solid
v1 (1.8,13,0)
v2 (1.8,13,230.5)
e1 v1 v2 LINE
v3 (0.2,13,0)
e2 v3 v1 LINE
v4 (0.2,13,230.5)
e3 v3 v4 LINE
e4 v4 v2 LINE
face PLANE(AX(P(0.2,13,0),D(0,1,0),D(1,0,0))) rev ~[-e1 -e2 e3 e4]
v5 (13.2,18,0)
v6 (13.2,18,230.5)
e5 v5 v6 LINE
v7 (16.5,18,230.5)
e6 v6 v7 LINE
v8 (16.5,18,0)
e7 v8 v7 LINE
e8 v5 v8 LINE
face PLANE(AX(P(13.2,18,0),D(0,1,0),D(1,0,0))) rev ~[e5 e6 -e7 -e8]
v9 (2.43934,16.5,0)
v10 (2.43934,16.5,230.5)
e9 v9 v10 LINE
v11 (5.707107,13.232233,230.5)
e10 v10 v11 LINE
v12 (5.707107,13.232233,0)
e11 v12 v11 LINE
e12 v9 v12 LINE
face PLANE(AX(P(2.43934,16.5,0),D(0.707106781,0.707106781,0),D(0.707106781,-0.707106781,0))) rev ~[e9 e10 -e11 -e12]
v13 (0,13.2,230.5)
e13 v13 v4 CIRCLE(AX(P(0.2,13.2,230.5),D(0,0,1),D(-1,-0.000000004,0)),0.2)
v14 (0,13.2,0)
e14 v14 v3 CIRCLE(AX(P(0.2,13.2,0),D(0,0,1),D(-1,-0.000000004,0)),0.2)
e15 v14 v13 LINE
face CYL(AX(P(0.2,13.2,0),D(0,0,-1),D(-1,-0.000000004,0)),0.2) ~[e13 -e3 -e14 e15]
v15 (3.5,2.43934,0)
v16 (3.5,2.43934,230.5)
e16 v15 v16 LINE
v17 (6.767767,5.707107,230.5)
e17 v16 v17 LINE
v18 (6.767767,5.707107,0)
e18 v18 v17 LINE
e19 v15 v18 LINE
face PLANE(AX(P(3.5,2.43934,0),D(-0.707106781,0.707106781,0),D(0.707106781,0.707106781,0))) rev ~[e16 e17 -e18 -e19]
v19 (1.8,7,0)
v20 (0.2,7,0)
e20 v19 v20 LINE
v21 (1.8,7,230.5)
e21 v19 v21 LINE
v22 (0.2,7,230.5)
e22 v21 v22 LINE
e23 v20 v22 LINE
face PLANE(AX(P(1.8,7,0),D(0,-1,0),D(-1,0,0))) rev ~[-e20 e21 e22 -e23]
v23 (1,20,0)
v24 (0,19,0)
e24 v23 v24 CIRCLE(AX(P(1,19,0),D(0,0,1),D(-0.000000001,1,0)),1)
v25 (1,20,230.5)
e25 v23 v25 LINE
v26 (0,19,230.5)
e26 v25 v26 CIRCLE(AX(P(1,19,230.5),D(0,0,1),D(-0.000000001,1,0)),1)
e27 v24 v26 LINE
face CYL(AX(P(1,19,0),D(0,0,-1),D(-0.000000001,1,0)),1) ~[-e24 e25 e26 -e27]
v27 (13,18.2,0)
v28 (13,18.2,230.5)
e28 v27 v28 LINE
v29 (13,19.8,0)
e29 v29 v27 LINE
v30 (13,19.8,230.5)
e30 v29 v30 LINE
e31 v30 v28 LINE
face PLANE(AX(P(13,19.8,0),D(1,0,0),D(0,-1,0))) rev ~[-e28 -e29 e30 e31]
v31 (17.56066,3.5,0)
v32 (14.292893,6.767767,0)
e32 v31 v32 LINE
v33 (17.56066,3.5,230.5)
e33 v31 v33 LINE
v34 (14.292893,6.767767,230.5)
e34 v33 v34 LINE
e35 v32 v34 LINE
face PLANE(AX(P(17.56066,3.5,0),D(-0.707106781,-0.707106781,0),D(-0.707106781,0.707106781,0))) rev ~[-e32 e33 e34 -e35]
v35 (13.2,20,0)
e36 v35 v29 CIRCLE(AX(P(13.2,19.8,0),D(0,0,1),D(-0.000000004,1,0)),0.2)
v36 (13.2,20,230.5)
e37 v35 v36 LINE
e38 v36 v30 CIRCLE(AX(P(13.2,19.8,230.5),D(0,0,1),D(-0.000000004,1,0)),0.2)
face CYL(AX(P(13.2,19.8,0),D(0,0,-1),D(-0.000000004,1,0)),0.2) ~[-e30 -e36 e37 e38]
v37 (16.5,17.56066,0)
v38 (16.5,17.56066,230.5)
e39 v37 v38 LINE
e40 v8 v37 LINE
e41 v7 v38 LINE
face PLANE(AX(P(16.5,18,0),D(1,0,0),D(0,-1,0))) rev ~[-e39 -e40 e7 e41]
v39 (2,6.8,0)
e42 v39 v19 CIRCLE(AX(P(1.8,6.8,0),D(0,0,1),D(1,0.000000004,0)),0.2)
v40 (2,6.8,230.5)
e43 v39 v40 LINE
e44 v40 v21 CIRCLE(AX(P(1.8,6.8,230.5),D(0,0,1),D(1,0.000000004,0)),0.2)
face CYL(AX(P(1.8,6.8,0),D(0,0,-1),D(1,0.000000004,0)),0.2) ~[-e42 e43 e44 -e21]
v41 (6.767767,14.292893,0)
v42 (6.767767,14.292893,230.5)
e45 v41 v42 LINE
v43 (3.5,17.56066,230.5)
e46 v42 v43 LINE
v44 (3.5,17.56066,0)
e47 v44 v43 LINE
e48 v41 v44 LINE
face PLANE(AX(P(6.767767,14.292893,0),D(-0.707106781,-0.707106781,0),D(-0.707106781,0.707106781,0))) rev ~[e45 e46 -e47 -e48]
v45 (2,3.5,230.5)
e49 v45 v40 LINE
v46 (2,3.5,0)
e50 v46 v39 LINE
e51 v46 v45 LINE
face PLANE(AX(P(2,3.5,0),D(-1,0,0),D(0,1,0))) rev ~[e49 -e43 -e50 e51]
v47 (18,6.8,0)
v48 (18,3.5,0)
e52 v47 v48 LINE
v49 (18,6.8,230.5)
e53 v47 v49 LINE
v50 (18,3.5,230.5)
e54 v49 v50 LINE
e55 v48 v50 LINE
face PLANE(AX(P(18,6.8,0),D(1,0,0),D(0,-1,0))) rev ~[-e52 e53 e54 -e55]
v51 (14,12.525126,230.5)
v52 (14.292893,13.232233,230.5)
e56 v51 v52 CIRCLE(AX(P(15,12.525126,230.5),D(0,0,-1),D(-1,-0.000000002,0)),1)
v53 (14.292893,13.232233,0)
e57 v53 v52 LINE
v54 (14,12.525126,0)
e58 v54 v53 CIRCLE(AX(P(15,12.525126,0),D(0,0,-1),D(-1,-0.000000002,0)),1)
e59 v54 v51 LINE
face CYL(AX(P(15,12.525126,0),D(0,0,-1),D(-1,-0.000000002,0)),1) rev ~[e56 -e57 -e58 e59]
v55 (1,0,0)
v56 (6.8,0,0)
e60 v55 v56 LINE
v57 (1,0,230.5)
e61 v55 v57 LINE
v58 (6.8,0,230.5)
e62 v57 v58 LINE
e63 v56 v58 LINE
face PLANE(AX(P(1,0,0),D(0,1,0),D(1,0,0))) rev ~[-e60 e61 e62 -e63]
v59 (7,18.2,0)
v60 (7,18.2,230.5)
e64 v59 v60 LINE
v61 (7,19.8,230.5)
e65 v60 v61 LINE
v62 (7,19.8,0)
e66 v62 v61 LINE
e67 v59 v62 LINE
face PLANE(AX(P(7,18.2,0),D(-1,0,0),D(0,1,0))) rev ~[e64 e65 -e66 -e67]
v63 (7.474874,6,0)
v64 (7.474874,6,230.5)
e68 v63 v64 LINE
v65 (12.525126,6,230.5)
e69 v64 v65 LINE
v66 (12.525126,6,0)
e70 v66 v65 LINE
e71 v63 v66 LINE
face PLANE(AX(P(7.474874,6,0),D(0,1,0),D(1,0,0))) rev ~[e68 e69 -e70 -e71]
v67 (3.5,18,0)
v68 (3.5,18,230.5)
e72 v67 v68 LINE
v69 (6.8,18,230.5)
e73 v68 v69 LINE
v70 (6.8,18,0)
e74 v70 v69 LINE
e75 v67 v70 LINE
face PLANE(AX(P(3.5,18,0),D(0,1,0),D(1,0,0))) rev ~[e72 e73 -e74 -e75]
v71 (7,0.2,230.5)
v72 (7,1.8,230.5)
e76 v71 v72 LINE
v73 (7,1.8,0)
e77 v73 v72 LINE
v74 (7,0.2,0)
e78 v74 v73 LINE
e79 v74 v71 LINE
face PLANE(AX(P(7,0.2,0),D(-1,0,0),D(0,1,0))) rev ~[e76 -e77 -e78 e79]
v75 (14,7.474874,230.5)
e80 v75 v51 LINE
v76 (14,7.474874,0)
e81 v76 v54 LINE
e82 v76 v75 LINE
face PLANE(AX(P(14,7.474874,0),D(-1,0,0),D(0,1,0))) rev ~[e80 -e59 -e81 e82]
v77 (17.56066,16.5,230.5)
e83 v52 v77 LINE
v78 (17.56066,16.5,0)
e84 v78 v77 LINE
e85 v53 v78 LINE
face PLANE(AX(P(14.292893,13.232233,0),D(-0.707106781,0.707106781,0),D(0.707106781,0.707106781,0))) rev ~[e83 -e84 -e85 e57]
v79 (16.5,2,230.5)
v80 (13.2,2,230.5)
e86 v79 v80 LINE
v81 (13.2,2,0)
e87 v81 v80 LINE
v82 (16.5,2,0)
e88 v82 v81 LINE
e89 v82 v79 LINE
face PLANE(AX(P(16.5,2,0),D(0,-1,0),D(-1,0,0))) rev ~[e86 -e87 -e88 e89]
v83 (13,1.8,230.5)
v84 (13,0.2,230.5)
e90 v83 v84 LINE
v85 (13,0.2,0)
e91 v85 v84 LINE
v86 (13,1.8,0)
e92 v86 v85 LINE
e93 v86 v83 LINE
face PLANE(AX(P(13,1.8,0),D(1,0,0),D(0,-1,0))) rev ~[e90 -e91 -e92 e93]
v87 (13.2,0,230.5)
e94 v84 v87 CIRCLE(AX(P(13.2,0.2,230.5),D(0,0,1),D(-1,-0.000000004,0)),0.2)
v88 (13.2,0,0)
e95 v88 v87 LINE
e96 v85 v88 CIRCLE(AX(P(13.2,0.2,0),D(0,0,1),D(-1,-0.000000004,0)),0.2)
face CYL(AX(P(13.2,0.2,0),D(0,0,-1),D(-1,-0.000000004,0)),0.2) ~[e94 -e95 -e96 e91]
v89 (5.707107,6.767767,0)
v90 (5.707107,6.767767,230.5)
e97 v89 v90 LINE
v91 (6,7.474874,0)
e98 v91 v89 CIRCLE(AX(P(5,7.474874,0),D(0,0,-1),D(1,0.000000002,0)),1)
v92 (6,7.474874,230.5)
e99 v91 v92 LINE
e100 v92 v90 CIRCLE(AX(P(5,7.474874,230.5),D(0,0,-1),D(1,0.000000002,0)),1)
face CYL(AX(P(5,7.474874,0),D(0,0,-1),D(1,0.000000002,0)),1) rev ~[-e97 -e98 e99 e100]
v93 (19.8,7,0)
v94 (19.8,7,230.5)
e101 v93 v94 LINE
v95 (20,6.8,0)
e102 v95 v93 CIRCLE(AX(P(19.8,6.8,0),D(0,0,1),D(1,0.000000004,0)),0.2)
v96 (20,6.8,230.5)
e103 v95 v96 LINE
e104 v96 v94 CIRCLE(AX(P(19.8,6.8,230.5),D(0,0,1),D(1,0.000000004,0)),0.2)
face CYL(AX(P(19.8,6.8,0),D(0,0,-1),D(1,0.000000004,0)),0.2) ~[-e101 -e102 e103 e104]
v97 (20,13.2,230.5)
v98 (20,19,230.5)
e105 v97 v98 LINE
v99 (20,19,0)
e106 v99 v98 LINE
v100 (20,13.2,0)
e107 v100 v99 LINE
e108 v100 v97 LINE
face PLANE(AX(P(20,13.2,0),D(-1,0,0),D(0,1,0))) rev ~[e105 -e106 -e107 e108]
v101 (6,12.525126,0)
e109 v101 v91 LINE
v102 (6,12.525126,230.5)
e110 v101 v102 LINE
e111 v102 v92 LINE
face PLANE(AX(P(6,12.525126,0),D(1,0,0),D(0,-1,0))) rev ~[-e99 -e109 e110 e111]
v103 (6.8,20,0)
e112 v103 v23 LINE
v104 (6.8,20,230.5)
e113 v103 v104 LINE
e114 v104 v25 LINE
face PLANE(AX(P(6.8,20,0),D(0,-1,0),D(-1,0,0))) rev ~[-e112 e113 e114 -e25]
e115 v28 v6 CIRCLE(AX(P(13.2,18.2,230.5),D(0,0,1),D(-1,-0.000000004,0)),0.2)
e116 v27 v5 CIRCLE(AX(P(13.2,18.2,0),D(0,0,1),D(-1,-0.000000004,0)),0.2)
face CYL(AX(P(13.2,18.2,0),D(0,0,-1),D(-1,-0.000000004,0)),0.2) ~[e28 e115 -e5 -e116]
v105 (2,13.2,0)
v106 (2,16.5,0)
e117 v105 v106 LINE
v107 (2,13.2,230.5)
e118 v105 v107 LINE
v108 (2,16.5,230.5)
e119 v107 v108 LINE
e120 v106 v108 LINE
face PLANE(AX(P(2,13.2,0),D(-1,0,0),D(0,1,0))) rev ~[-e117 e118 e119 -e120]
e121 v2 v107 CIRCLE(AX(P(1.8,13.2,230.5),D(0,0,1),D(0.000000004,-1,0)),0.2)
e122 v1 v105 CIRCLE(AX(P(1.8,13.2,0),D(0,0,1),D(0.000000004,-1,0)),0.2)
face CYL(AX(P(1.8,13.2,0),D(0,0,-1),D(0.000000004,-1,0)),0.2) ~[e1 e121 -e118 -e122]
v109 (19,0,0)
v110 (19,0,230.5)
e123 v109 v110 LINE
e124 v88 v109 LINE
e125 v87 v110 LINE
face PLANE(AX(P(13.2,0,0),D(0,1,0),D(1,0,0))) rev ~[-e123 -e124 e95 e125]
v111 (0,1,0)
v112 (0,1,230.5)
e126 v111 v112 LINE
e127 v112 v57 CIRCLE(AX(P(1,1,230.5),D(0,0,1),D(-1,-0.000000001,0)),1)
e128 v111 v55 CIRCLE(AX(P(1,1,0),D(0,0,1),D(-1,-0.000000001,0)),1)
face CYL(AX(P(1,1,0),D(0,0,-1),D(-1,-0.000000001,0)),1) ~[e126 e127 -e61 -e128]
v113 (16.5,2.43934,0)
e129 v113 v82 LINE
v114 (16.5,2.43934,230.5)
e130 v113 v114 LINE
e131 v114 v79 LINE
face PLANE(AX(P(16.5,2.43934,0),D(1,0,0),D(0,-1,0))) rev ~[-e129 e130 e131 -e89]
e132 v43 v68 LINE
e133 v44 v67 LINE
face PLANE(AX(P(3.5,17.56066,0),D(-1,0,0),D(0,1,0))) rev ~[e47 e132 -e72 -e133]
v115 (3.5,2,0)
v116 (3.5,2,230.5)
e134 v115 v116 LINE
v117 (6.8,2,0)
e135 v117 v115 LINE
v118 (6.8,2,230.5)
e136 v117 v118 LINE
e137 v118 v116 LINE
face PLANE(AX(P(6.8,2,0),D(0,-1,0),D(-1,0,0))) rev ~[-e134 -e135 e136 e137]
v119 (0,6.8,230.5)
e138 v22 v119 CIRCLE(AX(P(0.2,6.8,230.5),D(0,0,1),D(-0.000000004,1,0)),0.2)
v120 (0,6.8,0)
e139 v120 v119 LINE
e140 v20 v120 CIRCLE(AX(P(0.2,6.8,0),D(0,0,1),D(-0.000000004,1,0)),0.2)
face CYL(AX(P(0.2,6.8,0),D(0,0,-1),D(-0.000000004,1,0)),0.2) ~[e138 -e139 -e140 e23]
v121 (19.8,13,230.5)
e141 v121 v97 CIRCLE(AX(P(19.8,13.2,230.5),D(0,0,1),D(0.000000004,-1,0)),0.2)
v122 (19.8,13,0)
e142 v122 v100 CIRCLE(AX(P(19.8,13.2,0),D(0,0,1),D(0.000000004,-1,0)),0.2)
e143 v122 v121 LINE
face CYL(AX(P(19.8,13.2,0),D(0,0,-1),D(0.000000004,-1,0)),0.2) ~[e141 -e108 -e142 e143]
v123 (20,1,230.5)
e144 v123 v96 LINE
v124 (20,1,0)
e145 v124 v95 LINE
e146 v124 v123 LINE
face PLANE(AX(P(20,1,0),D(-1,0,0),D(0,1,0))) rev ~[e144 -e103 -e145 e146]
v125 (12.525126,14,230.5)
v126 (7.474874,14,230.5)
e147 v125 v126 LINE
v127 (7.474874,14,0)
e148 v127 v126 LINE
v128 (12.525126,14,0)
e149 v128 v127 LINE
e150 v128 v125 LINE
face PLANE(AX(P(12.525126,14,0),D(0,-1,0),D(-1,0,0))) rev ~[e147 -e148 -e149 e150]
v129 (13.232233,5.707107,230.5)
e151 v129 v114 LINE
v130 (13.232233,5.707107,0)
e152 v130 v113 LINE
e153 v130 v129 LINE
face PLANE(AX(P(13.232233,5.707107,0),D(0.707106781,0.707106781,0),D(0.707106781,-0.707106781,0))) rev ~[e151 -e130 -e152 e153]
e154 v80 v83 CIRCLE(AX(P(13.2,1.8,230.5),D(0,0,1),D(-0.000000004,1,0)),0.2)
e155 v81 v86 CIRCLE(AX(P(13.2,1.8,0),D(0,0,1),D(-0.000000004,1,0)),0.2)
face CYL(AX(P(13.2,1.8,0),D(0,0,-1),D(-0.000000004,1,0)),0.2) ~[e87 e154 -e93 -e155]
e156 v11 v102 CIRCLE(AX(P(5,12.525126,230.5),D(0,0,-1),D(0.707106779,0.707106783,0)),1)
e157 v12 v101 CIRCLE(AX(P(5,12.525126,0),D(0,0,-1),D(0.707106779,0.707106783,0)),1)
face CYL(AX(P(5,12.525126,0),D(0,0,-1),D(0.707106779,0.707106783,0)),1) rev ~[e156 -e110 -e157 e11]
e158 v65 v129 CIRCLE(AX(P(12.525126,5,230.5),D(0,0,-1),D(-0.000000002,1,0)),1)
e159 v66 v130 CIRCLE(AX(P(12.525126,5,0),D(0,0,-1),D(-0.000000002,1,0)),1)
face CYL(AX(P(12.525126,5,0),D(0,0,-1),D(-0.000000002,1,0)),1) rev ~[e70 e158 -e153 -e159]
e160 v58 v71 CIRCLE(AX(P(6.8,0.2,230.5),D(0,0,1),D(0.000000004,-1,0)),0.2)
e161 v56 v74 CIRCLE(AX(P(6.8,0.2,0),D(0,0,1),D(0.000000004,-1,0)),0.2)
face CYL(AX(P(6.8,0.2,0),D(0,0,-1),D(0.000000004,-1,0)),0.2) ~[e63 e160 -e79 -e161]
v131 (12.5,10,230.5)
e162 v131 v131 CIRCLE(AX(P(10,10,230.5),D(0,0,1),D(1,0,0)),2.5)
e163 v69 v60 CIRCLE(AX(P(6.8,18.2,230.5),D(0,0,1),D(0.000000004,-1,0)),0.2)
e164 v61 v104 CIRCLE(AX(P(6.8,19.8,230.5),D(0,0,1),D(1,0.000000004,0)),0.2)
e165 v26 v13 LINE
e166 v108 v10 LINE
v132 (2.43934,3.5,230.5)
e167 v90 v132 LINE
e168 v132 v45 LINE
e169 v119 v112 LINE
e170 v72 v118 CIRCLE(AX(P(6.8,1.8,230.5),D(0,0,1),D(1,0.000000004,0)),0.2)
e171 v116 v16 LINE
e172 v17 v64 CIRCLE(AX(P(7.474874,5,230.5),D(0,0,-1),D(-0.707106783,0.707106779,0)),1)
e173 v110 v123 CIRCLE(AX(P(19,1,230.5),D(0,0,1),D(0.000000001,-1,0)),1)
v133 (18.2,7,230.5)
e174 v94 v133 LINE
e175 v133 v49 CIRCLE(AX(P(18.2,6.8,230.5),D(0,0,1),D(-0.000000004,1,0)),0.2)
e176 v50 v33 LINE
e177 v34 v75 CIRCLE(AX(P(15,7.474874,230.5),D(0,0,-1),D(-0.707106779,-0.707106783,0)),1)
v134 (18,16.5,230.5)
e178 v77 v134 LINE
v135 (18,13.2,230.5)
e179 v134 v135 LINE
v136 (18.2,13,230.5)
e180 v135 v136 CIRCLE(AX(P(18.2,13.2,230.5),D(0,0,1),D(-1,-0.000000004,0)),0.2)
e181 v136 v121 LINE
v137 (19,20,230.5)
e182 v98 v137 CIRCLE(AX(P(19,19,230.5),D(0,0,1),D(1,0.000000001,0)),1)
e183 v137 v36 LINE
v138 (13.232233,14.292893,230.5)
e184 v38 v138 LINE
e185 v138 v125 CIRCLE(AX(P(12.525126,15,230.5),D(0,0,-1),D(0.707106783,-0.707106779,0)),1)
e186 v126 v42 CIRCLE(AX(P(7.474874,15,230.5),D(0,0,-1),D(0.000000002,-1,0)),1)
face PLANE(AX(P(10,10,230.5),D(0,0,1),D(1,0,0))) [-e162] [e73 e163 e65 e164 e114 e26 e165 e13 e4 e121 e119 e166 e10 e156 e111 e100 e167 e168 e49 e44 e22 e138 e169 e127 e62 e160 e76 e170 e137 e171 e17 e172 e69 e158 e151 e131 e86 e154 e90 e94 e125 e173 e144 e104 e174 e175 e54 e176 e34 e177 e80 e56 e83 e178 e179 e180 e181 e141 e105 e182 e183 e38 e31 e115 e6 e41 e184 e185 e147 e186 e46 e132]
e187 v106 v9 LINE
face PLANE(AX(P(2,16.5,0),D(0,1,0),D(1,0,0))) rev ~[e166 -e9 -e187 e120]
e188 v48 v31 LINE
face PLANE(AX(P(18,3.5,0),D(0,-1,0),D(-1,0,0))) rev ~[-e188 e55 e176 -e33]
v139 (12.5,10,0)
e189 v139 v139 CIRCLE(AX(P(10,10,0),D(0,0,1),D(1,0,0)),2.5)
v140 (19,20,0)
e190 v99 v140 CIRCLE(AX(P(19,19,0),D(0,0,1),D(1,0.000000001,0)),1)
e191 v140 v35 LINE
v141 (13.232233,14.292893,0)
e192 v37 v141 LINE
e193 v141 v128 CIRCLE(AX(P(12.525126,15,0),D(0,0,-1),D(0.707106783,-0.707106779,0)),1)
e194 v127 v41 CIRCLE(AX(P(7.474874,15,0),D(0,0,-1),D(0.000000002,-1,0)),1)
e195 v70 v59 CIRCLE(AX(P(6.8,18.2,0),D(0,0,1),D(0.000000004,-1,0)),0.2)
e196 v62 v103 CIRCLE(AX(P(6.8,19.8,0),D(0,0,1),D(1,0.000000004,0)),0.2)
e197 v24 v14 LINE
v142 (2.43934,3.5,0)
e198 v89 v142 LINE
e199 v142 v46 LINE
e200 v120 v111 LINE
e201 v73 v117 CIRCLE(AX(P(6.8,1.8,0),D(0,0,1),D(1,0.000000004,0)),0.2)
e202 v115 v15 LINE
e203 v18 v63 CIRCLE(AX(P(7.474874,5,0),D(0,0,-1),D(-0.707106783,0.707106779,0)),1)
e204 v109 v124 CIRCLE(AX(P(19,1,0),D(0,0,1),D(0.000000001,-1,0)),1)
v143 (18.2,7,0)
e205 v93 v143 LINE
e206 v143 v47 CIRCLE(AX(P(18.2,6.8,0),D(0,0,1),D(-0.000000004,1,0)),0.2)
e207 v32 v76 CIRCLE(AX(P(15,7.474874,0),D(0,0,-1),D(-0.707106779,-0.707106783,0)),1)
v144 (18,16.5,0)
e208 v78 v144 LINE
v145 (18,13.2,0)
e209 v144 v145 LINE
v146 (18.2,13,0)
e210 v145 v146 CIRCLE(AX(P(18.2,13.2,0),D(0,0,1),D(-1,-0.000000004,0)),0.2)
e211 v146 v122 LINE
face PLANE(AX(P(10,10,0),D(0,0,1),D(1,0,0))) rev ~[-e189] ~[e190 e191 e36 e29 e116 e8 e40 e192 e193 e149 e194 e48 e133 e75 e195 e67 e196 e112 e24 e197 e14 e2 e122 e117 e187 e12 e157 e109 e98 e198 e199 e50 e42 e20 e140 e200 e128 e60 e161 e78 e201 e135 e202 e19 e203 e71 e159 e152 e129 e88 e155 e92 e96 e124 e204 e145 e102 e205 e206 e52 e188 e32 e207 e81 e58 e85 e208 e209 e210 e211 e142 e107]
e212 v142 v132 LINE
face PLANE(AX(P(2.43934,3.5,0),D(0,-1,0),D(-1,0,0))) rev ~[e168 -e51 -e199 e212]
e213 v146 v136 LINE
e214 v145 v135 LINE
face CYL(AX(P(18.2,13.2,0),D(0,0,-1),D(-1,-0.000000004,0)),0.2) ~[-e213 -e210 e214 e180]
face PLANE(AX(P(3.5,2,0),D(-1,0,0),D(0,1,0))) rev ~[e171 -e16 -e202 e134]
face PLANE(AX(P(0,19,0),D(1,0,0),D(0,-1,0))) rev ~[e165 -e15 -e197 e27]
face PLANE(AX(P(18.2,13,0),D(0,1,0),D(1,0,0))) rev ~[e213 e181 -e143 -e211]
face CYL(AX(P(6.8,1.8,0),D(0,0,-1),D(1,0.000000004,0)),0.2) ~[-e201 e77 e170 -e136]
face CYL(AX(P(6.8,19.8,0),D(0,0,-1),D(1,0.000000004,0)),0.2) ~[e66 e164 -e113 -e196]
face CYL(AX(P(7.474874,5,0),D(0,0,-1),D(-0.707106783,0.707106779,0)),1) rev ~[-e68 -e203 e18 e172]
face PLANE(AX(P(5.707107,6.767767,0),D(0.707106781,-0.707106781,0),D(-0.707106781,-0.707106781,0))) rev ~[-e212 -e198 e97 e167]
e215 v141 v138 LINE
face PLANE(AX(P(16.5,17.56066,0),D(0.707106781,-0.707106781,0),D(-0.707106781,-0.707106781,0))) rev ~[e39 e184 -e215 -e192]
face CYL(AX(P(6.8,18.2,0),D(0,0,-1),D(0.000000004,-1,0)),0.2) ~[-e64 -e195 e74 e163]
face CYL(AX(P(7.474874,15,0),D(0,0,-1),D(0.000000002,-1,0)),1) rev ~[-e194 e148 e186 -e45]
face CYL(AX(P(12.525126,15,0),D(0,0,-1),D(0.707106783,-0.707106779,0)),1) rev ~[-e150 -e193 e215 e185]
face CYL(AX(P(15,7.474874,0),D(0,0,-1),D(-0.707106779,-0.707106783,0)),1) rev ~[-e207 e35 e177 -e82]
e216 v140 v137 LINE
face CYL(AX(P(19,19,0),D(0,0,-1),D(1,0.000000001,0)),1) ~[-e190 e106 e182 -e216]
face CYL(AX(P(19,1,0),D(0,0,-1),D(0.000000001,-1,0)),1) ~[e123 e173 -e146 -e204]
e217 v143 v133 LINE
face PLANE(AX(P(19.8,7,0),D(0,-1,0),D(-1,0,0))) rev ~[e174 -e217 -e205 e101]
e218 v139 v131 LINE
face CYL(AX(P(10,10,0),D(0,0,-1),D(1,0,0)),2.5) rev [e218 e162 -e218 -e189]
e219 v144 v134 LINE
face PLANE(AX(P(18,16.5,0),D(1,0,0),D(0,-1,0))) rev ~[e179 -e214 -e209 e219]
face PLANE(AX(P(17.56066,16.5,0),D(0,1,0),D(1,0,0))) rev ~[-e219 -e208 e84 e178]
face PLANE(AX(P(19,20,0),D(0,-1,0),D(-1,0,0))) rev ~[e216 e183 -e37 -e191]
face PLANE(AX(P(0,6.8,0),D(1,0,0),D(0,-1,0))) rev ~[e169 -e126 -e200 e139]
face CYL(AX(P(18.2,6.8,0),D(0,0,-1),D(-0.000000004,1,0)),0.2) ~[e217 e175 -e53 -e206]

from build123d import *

# Parameters (mm, degrees)
SKETCH1_R           = 2.5
BOSS_EXTRUDE1_DEPTH = 230.5


with BuildPart() as part:
    # Sketch1 → Boss-Extrude1 (new body)
    with BuildSketch(Plane.XY):
        with BuildLine():
            Line((0.2, 13), (1.8, 13))
            ThreePointArc((1.8, 13), (1.941421356, 13.058578644), (2, 13.2))
            Line((2, 13.2), (2, 16.5))
            Line((2, 16.5), (2.439339828, 16.5))
            Line((2.439339828, 16.5), (5.707106781, 13.232233047))
            ThreePointArc((5.707106781, 13.232233047), (5.923879533, 12.907809698), (6, 12.525126266))
            Line((6, 12.525126266), (6, 7.474873734))
            ThreePointArc((6, 7.474873734), (5.923879533, 7.092190302), (5.707106781, 6.767766953))
            Line((5.707106781, 6.767766953), (2.439339828, 3.5))
            Line((2.439339828, 3.5), (2, 3.5))
            Line((2, 3.5), (2, 6.8))
            ThreePointArc((2, 6.8), (1.941421356, 6.941421356), (1.8, 7))
            Line((1.8, 7), (0.2, 7))
            ThreePointArc((0.2, 7), (0.058578644, 6.941421356), (0, 6.8))
            Line((0, 6.8), (0, 1))
            ThreePointArc((0, 1), (0.292893219, 0.292893219), (1, 0))
            Line((1, 0), (6.8, 0))
            ThreePointArc((6.8, 0), (6.941421356, 0.058578644), (7, 0.2))
            Line((7, 0.2), (7, 1.8))
            ThreePointArc((7, 1.8), (6.941421356, 1.941421356), (6.8, 2))
            Line((6.8, 2), (3.5, 2))
            Line((3.5, 2), (3.5, 2.439339828))
            Line((3.5, 2.439339828), (6.767766953, 5.707106781))
            ThreePointArc((6.767766953, 5.707106781), (7.092190302, 5.923879533), (7.474873734, 6))
            Line((7.474873734, 6), (10, 6))
            Line((10, 6), (12.525126266, 6))
            ThreePointArc((12.525126266, 6), (12.907809698, 5.923879533), (13.232233047, 5.707106781))
            Line((13.232233047, 5.707106781), (16.5, 2.439339828))
            Line((16.5, 2.439339828), (16.5, 2))
            Line((16.5, 2), (13.2, 2))
            ThreePointArc((13.2, 2), (13.058578644, 1.941421356), (13, 1.8))
            Line((13, 1.8), (13, 0.2))
            ThreePointArc((13, 0.2), (13.058578644, 0.058578644), (13.2, 0))
            Line((13.2, 0), (19, 0))
            ThreePointArc((19, 0), (19.707106781, 0.292893219), (20, 1))
            Line((20, 1), (20, 6.8))
            ThreePointArc((20, 6.8), (19.941421356, 6.941421356), (19.8, 7))
            Line((19.8, 7), (18.2, 7))
            ThreePointArc((18.2, 7), (18.058578644, 6.941421356), (18, 6.8))
            Line((18, 6.8), (18, 3.5))
            Line((18, 3.5), (17.560660172, 3.5))
            Line((17.560660172, 3.5), (14.292893219, 6.767766953))
            ThreePointArc((14.292893219, 6.767766953), (14.076120467, 7.092190302), (14, 7.474873734))
            Line((14, 7.474873734), (14, 12.525126266))
            ThreePointArc((14, 12.525126266), (14.076120467, 12.907809698), (14.292893219, 13.232233047))
            Line((14.292893219, 13.232233047), (17.560660172, 16.5))
            Line((17.560660172, 16.5), (18, 16.5))
            Line((18, 16.5), (18, 13.2))
            ThreePointArc((18, 13.2), (18.058578644, 13.058578644), (18.2, 13))
            Line((18.2, 13), (19.8, 13))
            ThreePointArc((19.8, 13), (19.941421356, 13.058578644), (20, 13.2))
            Line((20, 13.2), (20, 19))
            ThreePointArc((20, 19), (19.707106781, 19.707106781), (19, 20))
            Line((19, 20), (13.2, 20))
            ThreePointArc((13.2, 20), (13.058578644, 19.941421356), (13, 19.8))
            Line((13, 19.8), (13, 18.2))
            ThreePointArc((13, 18.2), (13.058578644, 18.058578644), (13.2, 18))
            Line((13.2, 18), (16.5, 18))
            Line((16.5, 18), (16.5, 17.560660172))
            Line((16.5, 17.560660172), (13.232233047, 14.292893219))
            ThreePointArc((13.232233047, 14.292893219), (12.907809698, 14.076120467), (12.525126266, 14))
            Line((12.525126266, 14), (10, 14))
            Line((10, 14), (7.474873734, 14))
            ThreePointArc((7.474873734, 14), (7.092190302, 14.076120467), (6.767766953, 14.292893219))
            Line((6.767766953, 14.292893219), (3.5, 17.560660172))
            Line((3.5, 17.560660172), (3.5, 18))
            Line((3.5, 18), (6.8, 18))
            ThreePointArc((6.8, 18), (6.941421356, 18.058578644), (7, 18.2))
            Line((7, 18.2), (7, 19.8))
            ThreePointArc((7, 19.8), (6.941421356, 19.941421356), (6.8, 20))
            Line((6.8, 20), (1, 20))
            ThreePointArc((1, 20), (0.292893219, 19.707106781), (0, 19))
            Line((0, 19), (0, 13.2))
            ThreePointArc((0, 13.2), (0.058578644, 13.058578644), (0.2, 13))
        make_face()
        with Locations((10, 10)):
            Circle(SKETCH1_R, mode=Mode.SUBTRACT)
    extrude(amount=BOSS_EXTRUDE1_DEPTH)


solid = part.part
